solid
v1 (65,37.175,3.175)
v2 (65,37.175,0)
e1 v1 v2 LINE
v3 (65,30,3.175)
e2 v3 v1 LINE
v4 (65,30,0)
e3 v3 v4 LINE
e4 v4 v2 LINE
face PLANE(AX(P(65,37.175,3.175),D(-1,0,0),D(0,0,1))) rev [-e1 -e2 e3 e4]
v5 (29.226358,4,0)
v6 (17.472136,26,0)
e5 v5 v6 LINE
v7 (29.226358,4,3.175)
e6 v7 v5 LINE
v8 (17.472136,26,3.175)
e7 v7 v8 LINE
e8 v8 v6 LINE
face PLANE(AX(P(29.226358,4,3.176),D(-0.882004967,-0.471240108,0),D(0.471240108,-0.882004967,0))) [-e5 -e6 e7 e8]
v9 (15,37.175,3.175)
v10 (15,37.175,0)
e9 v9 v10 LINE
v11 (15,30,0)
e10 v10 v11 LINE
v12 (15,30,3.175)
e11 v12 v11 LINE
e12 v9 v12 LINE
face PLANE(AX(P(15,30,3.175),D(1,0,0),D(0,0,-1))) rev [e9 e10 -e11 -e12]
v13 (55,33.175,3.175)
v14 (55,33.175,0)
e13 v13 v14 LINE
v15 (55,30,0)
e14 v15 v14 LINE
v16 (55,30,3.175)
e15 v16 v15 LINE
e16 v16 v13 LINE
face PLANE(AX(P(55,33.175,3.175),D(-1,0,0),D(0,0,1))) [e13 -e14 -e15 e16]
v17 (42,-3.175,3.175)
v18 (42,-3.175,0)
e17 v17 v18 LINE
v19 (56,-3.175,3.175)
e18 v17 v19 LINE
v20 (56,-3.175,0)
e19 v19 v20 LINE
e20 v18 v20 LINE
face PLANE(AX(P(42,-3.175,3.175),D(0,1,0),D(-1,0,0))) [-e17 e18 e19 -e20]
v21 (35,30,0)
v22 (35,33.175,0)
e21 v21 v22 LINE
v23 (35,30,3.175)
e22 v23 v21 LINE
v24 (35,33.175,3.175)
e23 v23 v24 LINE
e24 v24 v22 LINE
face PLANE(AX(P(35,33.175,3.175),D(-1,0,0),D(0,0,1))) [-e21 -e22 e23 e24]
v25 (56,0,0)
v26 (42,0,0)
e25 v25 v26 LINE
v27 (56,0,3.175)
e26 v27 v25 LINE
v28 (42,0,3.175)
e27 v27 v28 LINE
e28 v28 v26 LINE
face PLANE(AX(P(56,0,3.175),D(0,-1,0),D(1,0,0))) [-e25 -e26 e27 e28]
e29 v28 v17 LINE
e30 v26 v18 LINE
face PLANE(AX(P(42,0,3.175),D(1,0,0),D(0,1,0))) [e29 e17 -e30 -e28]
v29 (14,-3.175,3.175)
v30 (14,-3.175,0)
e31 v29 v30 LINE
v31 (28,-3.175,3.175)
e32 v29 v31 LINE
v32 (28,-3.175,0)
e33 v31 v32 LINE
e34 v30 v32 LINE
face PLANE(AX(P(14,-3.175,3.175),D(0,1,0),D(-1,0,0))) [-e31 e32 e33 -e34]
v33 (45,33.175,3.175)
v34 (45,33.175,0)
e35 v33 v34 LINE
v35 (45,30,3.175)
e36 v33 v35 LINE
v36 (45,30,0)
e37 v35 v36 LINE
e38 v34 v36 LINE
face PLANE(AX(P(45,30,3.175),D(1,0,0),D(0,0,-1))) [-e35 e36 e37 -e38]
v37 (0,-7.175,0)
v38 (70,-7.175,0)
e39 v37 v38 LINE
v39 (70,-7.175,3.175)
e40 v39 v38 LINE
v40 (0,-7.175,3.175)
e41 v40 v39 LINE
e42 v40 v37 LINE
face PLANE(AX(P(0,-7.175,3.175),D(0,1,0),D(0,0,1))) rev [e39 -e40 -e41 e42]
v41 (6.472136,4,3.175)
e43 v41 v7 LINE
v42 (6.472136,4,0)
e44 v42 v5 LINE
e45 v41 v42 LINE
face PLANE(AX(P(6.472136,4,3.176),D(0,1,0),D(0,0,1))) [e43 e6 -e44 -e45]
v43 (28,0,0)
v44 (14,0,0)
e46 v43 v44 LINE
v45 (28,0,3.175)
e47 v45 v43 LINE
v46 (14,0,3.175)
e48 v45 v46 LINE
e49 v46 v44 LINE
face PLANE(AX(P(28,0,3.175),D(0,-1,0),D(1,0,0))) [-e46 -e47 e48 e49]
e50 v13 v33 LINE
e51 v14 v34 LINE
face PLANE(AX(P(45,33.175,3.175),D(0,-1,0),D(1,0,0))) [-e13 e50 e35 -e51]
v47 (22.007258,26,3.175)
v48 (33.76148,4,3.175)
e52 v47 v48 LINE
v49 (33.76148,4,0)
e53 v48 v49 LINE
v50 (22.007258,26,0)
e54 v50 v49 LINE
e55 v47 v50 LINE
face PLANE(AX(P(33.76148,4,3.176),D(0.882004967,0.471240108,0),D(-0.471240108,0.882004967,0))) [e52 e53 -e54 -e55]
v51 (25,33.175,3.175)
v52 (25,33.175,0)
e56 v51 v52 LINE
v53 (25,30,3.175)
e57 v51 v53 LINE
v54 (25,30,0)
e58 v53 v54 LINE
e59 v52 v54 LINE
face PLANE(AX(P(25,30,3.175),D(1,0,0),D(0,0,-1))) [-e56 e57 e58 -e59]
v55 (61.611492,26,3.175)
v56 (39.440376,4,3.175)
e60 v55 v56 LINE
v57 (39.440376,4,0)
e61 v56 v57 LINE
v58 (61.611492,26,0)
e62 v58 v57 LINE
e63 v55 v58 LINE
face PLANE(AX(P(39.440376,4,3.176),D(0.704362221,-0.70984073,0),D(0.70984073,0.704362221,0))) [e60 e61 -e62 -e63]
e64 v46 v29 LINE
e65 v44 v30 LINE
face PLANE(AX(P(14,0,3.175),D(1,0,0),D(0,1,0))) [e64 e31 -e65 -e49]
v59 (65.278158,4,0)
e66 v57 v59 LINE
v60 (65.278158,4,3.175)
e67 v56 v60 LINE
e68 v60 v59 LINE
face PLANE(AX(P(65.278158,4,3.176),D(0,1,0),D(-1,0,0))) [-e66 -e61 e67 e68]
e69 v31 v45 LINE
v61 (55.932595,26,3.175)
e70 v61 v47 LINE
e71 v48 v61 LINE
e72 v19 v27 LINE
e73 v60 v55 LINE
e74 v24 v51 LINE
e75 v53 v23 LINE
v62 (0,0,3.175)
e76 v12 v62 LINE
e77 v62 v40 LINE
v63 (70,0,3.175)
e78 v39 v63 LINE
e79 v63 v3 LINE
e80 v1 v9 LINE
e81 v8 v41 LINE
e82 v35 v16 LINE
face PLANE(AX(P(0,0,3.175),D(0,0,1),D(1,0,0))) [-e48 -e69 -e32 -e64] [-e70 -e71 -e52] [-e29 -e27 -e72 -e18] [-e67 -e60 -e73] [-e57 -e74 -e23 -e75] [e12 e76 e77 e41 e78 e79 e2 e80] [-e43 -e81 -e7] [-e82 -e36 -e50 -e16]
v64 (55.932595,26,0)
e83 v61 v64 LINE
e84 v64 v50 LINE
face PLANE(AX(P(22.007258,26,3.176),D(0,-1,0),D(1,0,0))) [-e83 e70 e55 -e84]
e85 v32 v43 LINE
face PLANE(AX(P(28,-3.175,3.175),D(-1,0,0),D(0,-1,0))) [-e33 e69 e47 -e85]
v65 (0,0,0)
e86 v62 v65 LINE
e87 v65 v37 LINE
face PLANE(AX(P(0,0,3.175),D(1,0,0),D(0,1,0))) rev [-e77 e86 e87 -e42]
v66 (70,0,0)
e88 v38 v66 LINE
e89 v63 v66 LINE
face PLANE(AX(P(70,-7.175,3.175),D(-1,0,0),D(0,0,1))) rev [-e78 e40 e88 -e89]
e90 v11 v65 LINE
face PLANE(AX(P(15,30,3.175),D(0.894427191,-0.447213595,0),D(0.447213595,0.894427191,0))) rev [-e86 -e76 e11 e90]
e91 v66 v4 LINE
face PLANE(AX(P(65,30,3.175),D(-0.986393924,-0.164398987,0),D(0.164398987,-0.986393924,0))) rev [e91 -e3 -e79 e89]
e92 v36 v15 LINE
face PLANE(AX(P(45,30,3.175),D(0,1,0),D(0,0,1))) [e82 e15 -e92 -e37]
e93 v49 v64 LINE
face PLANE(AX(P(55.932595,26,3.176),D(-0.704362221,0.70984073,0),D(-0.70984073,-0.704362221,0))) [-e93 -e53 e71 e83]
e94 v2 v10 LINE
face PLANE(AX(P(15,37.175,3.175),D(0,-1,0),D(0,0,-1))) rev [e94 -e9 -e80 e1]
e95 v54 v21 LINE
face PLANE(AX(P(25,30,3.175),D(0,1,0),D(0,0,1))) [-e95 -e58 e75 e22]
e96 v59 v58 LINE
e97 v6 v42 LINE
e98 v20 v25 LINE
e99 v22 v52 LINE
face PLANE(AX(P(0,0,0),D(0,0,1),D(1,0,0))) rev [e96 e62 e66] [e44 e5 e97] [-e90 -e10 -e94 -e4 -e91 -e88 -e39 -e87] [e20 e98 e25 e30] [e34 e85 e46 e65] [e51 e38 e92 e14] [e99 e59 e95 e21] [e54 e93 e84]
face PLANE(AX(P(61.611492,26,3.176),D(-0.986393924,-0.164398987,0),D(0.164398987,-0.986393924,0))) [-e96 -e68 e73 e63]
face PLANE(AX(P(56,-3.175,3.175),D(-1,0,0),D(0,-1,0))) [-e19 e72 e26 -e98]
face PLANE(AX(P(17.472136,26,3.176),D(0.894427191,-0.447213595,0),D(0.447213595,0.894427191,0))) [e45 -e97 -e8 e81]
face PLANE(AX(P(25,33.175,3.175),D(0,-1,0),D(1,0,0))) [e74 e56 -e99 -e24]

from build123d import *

# Parameters (mm, degrees)
SKETCH1_W           = 10
SKETCH1_H           = 3.175
SKETCH1_W_2         = 14
BOSS_EXTRUDE1_DEPTH = 3.175
CUT_EXTRUDE1_REACH  = 81.323


with BuildPart() as part:
    # Sketch1 → Boss-Extrude1 (new body)
    with BuildSketch(Plane.XY):
        Polygon((15, 30), (0, 0), (0, -7.175), (70, -7.175), (70, 0), (65, 30), (65, 37.175), (15, 37.175), align=None)
        with Locations((30, 31.5875)):
            Rectangle(SKETCH1_W, SKETCH1_H, mode=Mode.SUBTRACT)
        with Locations((21, -1.5875)):
            Rectangle(SKETCH1_W_2, SKETCH1_H, mode=Mode.SUBTRACT)
        with Locations((50, 31.5875)):
            Rectangle(SKETCH1_W, SKETCH1_H, mode=Mode.SUBTRACT)
        with Locations((49, -1.5875)):
            Rectangle(SKETCH1_W_2, SKETCH1_H, mode=Mode.SUBTRACT)
    extrude(amount=BOSS_EXTRUDE1_DEPTH)

    # Sketch2 → Cut-Extrude1 (cut, up to next)
    with BuildSketch(Plane.XY, mode=Mode.PRIVATE) as cut_extrude1_sk1:
        Polygon((61.611491646, 26), (65.278158313, 4), (39.440376301, 4), align=None)
    cut_extrude1_tool1 = extrude(cut_extrude1_sk1.sketch, amount=CUT_EXTRUDE1_REACH, mode=Mode.PRIVATE) & part.part
    # Sketch2 → Cut-Extrude1 (cut, up to next)
    with BuildSketch(Plane.XY, mode=Mode.PRIVATE) as cut_extrude1_sk2:
        Polygon((55.932595363, 26), (33.761480018, 4), (22.00725781, 26), align=None)
    cut_extrude1_tool2 = extrude(cut_extrude1_sk2.sketch, amount=CUT_EXTRUDE1_REACH, mode=Mode.PRIVATE) & part.part
    # Sketch2 → Cut-Extrude1 (cut, up to next)
    with BuildSketch(Plane.XY, mode=Mode.PRIVATE) as cut_extrude1_sk3:
        Polygon((17.472135955, 26), (6.472135955, 4), (29.226358163, 4), align=None)
    cut_extrude1_tool3 = extrude(cut_extrude1_sk3.sketch, amount=CUT_EXTRUDE1_REACH, mode=Mode.PRIVATE) & part.part
    add(cut_extrude1_tool1.solids().sort_by_distance((55.443342, 11.333333, 0))[0], mode=Mode.SUBTRACT)
    add(cut_extrude1_tool2.solids().sort_by_distance((37.233778, 18.666667, 0))[0], mode=Mode.SUBTRACT)
    add(cut_extrude1_tool3.solids().sort_by_distance((17.723543, 11.333333, 0))[0], mode=Mode.SUBTRACT)


solid = part.part
